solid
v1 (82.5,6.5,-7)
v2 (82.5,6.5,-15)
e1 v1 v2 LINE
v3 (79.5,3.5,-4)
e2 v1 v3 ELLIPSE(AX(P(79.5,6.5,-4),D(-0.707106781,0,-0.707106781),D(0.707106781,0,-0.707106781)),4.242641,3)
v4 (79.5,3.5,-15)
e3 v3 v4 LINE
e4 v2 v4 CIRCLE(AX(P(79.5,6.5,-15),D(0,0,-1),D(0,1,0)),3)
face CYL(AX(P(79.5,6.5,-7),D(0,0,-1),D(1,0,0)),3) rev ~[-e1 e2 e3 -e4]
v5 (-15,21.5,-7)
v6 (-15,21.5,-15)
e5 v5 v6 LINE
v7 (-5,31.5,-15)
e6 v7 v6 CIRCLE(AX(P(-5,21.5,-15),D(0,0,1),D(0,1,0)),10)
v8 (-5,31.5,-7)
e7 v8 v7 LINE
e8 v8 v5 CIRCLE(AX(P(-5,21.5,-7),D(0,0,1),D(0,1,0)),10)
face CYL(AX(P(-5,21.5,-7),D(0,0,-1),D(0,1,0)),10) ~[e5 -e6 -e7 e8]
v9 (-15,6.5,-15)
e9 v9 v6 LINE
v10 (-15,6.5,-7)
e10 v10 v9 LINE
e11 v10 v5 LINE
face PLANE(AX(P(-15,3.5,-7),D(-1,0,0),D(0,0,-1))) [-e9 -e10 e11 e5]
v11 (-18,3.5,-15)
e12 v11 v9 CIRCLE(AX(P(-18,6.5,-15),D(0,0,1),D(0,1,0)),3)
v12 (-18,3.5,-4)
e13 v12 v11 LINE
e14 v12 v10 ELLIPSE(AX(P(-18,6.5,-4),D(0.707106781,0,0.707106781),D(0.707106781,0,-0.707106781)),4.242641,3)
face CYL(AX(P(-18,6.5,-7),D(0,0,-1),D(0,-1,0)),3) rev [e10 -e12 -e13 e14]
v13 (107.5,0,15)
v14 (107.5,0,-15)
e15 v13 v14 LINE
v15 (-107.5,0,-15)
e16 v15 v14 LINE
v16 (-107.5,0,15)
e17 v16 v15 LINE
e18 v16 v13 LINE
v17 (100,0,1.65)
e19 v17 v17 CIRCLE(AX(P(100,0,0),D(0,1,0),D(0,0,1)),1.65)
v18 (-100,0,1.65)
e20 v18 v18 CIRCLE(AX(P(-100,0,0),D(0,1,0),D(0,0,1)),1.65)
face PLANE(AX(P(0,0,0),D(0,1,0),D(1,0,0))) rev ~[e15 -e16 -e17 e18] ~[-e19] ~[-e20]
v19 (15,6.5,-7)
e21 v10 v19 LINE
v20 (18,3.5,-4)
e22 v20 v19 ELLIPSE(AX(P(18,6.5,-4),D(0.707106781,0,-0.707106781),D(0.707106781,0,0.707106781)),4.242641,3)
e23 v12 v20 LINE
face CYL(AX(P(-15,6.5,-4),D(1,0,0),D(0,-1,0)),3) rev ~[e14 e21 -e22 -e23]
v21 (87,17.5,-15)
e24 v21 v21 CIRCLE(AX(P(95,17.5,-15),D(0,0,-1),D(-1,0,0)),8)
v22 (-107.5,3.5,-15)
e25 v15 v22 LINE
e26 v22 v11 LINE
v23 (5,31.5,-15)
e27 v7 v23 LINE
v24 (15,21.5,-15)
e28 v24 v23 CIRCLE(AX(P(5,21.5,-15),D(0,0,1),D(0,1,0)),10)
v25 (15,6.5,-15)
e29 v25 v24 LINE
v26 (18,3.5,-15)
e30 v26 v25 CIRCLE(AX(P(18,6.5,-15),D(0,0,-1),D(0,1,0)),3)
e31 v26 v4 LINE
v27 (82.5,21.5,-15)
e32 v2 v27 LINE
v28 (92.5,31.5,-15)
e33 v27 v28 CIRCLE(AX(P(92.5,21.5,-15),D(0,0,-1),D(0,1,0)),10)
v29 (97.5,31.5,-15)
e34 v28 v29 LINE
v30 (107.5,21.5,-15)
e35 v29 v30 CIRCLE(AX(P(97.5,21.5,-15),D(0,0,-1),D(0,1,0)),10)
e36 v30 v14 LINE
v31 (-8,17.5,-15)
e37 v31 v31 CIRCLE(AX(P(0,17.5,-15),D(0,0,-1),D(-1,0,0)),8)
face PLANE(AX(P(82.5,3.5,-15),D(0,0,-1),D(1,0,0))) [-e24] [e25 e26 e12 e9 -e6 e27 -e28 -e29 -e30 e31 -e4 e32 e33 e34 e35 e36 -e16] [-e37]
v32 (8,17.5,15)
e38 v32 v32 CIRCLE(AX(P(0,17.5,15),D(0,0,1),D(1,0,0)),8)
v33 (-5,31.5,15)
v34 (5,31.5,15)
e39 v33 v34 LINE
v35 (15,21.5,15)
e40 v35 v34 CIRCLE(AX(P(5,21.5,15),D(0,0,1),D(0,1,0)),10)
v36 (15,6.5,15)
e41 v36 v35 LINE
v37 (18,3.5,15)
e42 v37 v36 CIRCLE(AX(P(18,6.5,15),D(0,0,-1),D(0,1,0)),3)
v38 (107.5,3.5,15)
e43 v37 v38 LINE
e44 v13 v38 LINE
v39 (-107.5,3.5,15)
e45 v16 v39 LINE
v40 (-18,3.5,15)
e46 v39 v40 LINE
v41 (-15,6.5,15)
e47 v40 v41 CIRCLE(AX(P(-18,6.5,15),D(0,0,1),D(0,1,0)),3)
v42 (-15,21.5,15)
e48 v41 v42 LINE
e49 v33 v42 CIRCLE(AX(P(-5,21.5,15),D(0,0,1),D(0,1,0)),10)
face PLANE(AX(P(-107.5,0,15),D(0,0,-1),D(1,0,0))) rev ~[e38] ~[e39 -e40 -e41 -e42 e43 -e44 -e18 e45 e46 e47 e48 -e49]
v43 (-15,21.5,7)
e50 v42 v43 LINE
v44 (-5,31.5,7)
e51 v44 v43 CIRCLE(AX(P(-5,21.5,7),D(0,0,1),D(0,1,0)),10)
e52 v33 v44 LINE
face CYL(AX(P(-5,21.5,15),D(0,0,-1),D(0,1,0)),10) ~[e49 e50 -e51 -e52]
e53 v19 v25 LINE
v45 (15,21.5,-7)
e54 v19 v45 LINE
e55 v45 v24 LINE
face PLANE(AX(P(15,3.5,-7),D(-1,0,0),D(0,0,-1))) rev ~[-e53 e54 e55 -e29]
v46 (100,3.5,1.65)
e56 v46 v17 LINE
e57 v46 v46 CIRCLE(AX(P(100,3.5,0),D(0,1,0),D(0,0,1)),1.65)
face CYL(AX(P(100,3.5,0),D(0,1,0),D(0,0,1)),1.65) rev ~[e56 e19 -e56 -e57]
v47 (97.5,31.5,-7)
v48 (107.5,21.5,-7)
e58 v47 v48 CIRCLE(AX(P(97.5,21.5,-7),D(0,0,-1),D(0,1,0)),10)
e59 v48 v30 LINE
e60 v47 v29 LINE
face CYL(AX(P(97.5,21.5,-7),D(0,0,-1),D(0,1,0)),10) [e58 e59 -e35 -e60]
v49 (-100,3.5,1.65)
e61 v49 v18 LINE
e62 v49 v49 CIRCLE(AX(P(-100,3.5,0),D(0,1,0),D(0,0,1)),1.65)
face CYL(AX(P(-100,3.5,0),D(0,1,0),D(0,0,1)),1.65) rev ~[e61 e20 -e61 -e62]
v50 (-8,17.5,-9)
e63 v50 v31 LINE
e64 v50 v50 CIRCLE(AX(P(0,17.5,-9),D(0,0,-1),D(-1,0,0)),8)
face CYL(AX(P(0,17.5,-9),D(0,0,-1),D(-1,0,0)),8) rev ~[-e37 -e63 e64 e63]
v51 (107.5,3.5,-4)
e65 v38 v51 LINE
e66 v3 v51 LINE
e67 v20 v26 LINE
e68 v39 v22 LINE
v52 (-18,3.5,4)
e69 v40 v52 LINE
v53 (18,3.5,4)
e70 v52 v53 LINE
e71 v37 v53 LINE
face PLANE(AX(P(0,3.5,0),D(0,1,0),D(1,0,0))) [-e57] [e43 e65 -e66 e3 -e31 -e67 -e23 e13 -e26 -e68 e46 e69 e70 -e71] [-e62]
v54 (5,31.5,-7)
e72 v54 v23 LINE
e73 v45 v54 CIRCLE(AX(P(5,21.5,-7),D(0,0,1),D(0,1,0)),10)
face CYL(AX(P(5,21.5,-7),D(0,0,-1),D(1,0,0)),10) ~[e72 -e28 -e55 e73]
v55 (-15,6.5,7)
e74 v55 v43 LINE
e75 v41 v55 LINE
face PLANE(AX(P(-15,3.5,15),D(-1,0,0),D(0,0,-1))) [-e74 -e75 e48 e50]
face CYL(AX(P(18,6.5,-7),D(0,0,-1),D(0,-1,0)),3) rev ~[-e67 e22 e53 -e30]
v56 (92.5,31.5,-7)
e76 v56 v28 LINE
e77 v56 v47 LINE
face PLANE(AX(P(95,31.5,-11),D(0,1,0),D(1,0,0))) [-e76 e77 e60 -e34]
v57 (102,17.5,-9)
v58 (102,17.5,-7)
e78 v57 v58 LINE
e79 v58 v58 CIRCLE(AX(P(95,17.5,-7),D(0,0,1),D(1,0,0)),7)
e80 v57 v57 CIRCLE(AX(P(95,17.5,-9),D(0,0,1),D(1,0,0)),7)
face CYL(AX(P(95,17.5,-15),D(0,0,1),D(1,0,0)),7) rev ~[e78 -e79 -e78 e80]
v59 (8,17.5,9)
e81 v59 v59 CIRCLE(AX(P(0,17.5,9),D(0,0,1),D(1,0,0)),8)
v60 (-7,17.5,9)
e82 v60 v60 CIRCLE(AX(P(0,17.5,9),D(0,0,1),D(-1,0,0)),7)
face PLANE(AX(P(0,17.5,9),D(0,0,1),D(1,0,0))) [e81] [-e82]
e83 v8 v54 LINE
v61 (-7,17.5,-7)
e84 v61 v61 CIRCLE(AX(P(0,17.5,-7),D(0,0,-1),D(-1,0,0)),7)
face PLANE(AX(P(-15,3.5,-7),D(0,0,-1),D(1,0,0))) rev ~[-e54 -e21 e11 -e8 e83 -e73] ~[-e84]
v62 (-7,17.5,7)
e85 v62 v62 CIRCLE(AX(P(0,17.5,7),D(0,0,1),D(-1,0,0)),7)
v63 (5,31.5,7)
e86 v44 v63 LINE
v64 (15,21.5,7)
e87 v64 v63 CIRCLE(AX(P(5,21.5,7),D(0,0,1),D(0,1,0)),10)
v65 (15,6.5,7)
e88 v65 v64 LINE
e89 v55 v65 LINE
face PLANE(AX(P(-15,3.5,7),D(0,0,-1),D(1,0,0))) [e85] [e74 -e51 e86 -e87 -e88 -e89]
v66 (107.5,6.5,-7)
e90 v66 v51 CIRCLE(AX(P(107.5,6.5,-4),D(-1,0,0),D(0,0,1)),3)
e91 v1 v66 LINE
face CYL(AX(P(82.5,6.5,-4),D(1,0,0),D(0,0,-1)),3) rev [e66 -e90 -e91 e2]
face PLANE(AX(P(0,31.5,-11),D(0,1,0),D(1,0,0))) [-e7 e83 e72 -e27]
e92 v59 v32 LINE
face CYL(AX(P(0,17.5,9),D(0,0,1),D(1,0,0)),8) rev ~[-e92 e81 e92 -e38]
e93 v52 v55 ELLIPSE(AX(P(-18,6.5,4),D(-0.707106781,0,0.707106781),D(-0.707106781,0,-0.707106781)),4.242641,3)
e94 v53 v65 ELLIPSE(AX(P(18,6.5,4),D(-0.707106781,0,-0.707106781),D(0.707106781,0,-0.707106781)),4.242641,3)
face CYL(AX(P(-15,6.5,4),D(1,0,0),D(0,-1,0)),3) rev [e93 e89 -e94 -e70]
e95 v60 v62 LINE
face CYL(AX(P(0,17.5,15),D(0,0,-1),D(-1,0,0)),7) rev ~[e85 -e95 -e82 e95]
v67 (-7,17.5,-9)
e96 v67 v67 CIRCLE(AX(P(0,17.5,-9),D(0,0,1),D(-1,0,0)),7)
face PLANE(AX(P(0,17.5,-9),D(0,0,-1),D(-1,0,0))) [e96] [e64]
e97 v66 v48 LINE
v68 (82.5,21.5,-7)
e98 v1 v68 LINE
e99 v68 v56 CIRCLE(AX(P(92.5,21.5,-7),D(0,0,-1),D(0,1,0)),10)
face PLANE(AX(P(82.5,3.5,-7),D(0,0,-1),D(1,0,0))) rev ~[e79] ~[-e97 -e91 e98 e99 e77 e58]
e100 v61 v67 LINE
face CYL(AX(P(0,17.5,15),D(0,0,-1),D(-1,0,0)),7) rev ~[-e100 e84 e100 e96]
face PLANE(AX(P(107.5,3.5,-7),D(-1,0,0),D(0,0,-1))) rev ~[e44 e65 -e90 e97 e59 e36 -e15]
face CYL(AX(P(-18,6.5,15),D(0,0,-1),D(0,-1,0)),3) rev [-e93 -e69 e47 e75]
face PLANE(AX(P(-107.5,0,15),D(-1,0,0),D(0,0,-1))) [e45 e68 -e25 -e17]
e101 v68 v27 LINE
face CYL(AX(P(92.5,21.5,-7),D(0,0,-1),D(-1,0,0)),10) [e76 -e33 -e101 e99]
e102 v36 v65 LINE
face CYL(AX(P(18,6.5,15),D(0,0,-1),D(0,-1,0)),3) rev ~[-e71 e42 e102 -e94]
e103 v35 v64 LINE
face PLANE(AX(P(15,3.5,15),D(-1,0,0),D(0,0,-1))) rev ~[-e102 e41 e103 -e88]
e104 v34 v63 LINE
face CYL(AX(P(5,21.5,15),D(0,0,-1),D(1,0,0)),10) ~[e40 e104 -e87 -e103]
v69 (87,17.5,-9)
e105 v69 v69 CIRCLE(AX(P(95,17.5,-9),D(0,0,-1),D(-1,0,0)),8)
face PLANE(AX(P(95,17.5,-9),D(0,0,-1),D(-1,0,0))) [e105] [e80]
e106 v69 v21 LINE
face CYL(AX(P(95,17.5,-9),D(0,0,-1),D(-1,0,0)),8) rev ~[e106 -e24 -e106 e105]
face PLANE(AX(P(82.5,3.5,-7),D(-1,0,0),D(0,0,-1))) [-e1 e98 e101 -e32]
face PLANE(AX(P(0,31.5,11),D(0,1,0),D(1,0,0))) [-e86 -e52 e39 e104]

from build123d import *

# Parameters (mm, degrees)
SKETCH2_W                                         = 215
SKETCH2_H                                         = 30
BOSS_EXTRUDE1_DEPTH                               = 3.5
SKETCH4_W                                         = 30
SKETCH4_H                                         = 8
SKETCH4_W_2                                       = 25
BOSS_EXTRUDE2_DEPTH                               = 28
CBORE_FOR_M6_HEX_HEAD_BOLT1_D                     = 14
CBORE_FOR_M6_HEX_HEAD_BOLT1_CBORE_D               = 16
CBORE_FOR_M6_HEX_HEAD_BOLT1_CBORE_DEPTH           = 6
CBORE_FOR_M6_HEX_HEAD_BOLT1_ON_FACE_2_D           = 14
CBORE_FOR_M6_HEX_HEAD_BOLT1_ON_FACE_2_CBORE_D     = 16
CBORE_FOR_M6_HEX_HEAD_BOLT1_ON_FACE_2_CBORE_DEPTH = 6
FILLET1_R                                         = 10
HOLES_TBD_R                                       = 1.65
CUT_EXTRUDE1_DEPTH                                = 113.094825929
FILLET2_R                                         = 3


with BuildPart() as part:
    # Sketch2 → Boss-Extrude1 (new body)
    with BuildSketch(Plane(origin=(0, 0, 0), x_dir=(1, 0, 0), z_dir=(0, 1, 0))):
        Rectangle(SKETCH2_W, SKETCH2_H)
    extrude(amount=BOSS_EXTRUDE1_DEPTH)

    # Sketch4 → Boss-Extrude2 (add)
    with BuildSketch(Plane(origin=(0, 3.5, 0), x_dir=(1, 0, 0), z_dir=(0, 1, 0))):
        with Locations((0, -11)):
            Rectangle(SKETCH4_W, SKETCH4_H)
        with Locations((95, 11)):
            Rectangle(SKETCH4_W_2, SKETCH4_H)
        with Locations((0, 11)):
            Rectangle(SKETCH4_W, SKETCH4_H)
    extrude(amount=BOSS_EXTRUDE2_DEPTH)

    # CBORE for M6 Hex Head Bolt1 (through all)
    with Locations(Plane(origin=(0, 17.5, 15), x_dir=(1, 0, 0), z_dir=(0, 0, 1))):
        with Locations((0, 0)):
            CounterBoreHole(CBORE_FOR_M6_HEX_HEAD_BOLT1_D / 2, CBORE_FOR_M6_HEX_HEAD_BOLT1_CBORE_D / 2, CBORE_FOR_M6_HEX_HEAD_BOLT1_CBORE_DEPTH)

    # CBORE for M6 Hex Head Bolt1 on face 2 (through all)
    with Locations(Plane(origin=(0, 17.5, -15), x_dir=(-1, 0, 0), z_dir=(0, 0, -1))):
        with Locations((0, 0), (-95, 0)):
            CounterBoreHole(CBORE_FOR_M6_HEX_HEAD_BOLT1_ON_FACE_2_D / 2, CBORE_FOR_M6_HEX_HEAD_BOLT1_ON_FACE_2_CBORE_D / 2, CBORE_FOR_M6_HEX_HEAD_BOLT1_ON_FACE_2_CBORE_DEPTH)

    # Fillet1
    fillet1_edges = [part.edges().sort_by_distance(p)[0] for p in [
        (107.5, 31.5, -11),
        (82.5, 31.5, -11),
        (-15, 31.5, 11),
        (15, 31.5, 11),
        (-15, 31.5, -11),
        (15, 31.5, -11),
    ]]
    fillet(fillet1_edges, radius=FILLET1_R)

    # HOLES TBD → Cut-Extrude1 (cut, through all)
    with BuildSketch(Plane(origin=(0, 3.5, 0), x_dir=(1, 0, 0), z_dir=(0, 1, 0))):
        with Locations(Location((-100, 0, 0), (0, 0, 270))):
            Circle(HOLES_TBD_R)
        with Locations(Location((100, 0, 0), (0, 0, 270))):
            Circle(HOLES_TBD_R)
    extrude(amount=-CUT_EXTRUDE1_DEPTH, mode=Mode.SUBTRACT)

    # Fillet2
    fillet2_edges = [part.edges().sort_by_distance(p)[0] for p in [
        (82.5, 3.5, -11),
        (95, 3.5, -7),
        (-15, 3.5, 11),
        (15, 3.5, 11),
        (0, 3.5, 7),
        (-15, 3.5, -11),
        (0, 3.5, -7),
        (15, 3.5, -11),
    ]]
    fillet(fillet2_edges, radius=FILLET2_R)


solid = part.part
